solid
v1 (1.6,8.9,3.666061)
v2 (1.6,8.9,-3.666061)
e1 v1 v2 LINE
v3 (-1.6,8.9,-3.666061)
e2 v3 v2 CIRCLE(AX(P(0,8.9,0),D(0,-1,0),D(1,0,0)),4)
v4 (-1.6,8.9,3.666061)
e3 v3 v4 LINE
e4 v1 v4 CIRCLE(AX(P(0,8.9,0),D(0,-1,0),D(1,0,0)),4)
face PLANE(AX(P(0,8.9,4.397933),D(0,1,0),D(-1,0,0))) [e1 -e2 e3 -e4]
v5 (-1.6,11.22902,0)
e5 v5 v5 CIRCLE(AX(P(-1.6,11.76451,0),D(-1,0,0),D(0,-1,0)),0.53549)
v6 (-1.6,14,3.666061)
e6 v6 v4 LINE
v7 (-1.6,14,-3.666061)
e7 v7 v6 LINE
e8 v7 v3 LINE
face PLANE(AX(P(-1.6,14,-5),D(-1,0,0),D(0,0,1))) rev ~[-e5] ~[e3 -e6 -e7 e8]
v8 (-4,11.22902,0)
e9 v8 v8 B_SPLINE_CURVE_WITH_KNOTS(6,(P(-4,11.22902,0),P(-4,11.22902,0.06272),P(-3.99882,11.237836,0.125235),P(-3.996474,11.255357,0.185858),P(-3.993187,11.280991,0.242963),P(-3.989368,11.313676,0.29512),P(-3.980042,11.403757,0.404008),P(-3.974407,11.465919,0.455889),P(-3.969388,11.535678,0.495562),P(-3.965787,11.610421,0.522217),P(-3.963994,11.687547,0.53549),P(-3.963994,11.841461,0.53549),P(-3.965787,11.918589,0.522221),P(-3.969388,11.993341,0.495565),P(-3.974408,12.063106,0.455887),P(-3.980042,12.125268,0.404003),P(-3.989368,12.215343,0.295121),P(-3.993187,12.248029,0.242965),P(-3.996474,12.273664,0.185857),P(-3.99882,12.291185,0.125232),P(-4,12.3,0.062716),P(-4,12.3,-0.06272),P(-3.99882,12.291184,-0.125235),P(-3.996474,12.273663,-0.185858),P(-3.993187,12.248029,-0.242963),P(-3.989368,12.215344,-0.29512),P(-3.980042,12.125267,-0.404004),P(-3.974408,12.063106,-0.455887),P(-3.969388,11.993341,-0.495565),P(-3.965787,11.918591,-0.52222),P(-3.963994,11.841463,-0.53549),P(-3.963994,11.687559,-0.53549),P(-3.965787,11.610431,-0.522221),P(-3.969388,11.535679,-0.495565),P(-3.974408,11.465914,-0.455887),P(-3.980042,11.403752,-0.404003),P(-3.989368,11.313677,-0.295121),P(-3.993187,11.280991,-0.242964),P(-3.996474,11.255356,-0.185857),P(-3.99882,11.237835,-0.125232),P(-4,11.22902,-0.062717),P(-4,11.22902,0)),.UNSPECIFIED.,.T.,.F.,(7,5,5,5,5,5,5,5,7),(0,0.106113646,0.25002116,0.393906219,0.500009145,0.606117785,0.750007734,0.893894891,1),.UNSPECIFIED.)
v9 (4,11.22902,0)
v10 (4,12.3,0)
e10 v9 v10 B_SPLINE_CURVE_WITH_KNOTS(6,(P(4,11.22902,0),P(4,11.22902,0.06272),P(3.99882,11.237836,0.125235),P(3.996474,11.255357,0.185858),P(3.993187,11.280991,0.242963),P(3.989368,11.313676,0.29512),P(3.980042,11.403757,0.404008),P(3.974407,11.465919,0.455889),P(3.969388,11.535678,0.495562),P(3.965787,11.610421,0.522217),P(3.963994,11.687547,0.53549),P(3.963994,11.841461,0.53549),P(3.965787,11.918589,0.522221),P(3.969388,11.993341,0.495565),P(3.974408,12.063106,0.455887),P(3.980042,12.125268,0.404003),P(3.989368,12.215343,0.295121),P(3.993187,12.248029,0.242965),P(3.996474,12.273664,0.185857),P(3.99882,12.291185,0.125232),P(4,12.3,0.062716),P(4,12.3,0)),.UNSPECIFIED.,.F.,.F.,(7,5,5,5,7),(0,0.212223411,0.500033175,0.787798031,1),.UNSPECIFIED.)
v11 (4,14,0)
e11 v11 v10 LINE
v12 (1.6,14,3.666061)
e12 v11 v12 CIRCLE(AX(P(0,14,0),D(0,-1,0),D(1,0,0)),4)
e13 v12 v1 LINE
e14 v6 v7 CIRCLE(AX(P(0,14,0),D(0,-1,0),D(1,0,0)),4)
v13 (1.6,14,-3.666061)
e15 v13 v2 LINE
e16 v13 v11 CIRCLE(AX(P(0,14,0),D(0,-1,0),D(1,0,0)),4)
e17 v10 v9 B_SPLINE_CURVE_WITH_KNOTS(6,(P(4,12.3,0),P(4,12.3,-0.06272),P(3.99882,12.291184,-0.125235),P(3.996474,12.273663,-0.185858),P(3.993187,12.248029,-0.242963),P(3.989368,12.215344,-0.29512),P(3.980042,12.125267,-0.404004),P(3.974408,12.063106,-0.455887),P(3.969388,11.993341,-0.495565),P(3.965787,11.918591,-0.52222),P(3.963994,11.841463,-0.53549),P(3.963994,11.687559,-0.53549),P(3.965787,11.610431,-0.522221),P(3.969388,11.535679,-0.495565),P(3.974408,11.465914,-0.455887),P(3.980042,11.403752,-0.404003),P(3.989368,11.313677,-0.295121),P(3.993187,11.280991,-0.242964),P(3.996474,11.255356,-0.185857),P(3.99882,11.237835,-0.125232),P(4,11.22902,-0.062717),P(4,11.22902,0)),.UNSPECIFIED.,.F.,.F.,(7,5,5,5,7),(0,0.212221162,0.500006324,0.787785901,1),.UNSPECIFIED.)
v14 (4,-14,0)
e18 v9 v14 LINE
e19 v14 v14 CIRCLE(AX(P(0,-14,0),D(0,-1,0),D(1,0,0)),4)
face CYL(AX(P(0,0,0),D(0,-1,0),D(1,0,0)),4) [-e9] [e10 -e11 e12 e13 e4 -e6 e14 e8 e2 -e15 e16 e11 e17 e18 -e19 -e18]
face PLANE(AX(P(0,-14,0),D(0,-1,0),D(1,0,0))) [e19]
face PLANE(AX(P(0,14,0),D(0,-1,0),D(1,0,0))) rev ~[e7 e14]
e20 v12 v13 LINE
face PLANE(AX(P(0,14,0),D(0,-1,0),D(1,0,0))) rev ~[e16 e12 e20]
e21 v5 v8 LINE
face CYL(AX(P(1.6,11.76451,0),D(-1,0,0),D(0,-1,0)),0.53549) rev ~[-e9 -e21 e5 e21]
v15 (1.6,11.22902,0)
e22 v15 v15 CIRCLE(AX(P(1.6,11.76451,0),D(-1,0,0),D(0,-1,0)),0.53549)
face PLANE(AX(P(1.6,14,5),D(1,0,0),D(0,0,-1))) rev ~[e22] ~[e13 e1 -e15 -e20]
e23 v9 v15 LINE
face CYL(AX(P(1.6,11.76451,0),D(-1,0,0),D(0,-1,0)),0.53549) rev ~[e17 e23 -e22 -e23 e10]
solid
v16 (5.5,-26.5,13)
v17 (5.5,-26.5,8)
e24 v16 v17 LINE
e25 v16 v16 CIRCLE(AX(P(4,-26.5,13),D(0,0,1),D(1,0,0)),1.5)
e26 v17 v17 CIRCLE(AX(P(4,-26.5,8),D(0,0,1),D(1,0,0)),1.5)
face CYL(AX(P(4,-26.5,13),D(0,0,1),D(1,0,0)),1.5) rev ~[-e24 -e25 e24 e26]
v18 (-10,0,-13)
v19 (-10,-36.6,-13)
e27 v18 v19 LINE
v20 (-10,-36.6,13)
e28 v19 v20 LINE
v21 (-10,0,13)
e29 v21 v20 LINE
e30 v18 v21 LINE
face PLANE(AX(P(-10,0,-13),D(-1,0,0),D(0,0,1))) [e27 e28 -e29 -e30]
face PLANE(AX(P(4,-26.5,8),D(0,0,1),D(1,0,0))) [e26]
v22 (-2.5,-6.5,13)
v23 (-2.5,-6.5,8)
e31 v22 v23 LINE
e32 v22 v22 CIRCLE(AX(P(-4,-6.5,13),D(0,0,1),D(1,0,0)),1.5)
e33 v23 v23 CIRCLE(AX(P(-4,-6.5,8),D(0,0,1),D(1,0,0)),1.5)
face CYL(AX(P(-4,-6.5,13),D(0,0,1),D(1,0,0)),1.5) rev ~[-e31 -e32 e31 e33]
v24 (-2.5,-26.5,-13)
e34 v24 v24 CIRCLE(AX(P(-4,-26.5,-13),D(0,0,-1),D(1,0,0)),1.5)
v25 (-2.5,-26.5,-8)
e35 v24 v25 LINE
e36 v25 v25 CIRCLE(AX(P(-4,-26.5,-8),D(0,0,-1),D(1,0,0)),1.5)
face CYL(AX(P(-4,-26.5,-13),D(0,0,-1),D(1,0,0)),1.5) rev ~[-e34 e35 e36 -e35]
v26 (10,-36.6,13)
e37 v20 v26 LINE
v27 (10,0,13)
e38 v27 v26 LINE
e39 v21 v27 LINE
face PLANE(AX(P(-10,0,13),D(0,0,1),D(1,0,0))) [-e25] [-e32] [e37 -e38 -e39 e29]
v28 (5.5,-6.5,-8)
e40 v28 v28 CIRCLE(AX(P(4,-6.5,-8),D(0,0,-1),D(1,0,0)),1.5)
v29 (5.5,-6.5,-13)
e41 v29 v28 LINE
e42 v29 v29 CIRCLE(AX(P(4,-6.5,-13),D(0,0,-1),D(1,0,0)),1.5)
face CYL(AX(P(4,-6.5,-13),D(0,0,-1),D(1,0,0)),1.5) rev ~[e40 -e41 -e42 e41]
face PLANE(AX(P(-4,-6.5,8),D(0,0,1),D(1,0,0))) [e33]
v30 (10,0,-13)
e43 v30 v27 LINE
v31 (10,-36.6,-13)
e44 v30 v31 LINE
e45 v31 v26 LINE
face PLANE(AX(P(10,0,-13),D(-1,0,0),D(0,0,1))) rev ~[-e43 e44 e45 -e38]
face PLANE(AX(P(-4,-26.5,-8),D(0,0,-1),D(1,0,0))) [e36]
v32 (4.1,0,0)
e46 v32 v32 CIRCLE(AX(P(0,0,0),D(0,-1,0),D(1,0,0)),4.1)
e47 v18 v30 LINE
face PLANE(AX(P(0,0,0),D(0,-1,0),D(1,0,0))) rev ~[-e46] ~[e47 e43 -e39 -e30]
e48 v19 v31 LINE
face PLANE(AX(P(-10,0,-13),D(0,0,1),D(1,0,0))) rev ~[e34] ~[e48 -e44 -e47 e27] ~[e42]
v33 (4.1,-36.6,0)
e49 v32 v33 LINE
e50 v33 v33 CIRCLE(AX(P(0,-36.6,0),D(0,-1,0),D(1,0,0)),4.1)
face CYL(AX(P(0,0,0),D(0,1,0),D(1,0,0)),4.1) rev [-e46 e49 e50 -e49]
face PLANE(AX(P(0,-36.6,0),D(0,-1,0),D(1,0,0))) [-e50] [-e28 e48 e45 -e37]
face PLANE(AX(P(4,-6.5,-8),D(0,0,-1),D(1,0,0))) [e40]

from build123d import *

# Parameters (mm, degrees)
F0_W      = 20
F0_H      = 26
F0_R      = 4.1
F1_DEPTH  = 36.6
F0_R_2    = 4
F2_DEPTH  = 14
F3_R      = 1.5
F4_DEPTH  = 5
F5_R      = 1.5
F6_DEPTH  = 5
F8_DEPTH  = 5.1
F9_R      = 0.53549
F10_DEPTH = 12.5


with BuildPart() as f1:
    # F0 (on Front) → F1 (new body)
    with BuildSketch(Plane.XZ):
        Rectangle(F0_W, F0_H)
        Circle(F0_R, mode=Mode.SUBTRACT)
    extrude(amount=F1_DEPTH)

    # F3 (on face) → F4 (cut)
    with BuildSketch(Plane.XY.offset(13)):
        with Locations((-4, -6.5)):
            Circle(F3_R)
        with Locations((4, -26.5)):
            Circle(F3_R)
    extrude(amount=-F4_DEPTH, mode=Mode.SUBTRACT)

    # F5 (on face) → F6 (cut)
    with BuildSketch(Plane(origin=(0, 0, -13), x_dir=(1, 0, 0), z_dir=(0, 0, -1))):
        with Locations((-4, 26.5)):
            Circle(F5_R)
        with Locations((4, 6.5)):
            Circle(F5_R)
    extrude(amount=-F6_DEPTH, mode=Mode.SUBTRACT)


with BuildPart() as f2:
    # F0 (on Front) → F2 (new body, symmetric)
    with BuildSketch(Plane.XZ):
        Circle(F0_R_2)
    extrude(amount=F2_DEPTH, both=True)

    # F7 (on face) → F8 (cut)
    with BuildSketch(Plane(origin=(0, 14, 0), x_dir=(-1, 0, 0), z_dir=(0, 1, 0))):
        with BuildLine():
            Line((-1.6, 5), (-1.6, 3.666061))
            ThreePointArc((-1.6, 3.666061), (0, 4), (1.6, 3.666061))
            Line((1.6, 3.666061), (1.6, 5))
            Line((1.6, 5), (-1.6, 5))
        make_face()
        with BuildLine():
            Line((-1.6, 3.666061), (-1.6, -3.666061))
            ThreePointArc((-1.6, -3.666061), (0, -4), (1.6, -3.666061))
            Line((1.6, -3.666061), (1.6, 3.666061))
            ThreePointArc((1.6, 3.666061), (0, 4), (-1.6, 3.666061))
        make_face()
        with BuildLine():
            Line((-1.6, -3.666061), (-1.6, -5))
            Line((-1.6, -5), (1.6, -5))
            Line((1.6, -5), (1.6, -3.666061))
            ThreePointArc((1.6, -3.666061), (0, -4), (-1.6, -3.666061))
        make_face()
    extrude(amount=-F8_DEPTH, mode=Mode.SUBTRACT)

    # F9 (on face) → F10 (cut, symmetric)
    with BuildSketch(Plane(origin=(1.6, 0, 0), x_dir=(0, -1, 0), z_dir=(-1, 0, 0))):
        with Locations((-11.76451, 0)):
            Circle(F9_R)
    extrude(amount=F10_DEPTH, both=True, mode=Mode.SUBTRACT)


solid = Compound([f1.part, f2.part])
